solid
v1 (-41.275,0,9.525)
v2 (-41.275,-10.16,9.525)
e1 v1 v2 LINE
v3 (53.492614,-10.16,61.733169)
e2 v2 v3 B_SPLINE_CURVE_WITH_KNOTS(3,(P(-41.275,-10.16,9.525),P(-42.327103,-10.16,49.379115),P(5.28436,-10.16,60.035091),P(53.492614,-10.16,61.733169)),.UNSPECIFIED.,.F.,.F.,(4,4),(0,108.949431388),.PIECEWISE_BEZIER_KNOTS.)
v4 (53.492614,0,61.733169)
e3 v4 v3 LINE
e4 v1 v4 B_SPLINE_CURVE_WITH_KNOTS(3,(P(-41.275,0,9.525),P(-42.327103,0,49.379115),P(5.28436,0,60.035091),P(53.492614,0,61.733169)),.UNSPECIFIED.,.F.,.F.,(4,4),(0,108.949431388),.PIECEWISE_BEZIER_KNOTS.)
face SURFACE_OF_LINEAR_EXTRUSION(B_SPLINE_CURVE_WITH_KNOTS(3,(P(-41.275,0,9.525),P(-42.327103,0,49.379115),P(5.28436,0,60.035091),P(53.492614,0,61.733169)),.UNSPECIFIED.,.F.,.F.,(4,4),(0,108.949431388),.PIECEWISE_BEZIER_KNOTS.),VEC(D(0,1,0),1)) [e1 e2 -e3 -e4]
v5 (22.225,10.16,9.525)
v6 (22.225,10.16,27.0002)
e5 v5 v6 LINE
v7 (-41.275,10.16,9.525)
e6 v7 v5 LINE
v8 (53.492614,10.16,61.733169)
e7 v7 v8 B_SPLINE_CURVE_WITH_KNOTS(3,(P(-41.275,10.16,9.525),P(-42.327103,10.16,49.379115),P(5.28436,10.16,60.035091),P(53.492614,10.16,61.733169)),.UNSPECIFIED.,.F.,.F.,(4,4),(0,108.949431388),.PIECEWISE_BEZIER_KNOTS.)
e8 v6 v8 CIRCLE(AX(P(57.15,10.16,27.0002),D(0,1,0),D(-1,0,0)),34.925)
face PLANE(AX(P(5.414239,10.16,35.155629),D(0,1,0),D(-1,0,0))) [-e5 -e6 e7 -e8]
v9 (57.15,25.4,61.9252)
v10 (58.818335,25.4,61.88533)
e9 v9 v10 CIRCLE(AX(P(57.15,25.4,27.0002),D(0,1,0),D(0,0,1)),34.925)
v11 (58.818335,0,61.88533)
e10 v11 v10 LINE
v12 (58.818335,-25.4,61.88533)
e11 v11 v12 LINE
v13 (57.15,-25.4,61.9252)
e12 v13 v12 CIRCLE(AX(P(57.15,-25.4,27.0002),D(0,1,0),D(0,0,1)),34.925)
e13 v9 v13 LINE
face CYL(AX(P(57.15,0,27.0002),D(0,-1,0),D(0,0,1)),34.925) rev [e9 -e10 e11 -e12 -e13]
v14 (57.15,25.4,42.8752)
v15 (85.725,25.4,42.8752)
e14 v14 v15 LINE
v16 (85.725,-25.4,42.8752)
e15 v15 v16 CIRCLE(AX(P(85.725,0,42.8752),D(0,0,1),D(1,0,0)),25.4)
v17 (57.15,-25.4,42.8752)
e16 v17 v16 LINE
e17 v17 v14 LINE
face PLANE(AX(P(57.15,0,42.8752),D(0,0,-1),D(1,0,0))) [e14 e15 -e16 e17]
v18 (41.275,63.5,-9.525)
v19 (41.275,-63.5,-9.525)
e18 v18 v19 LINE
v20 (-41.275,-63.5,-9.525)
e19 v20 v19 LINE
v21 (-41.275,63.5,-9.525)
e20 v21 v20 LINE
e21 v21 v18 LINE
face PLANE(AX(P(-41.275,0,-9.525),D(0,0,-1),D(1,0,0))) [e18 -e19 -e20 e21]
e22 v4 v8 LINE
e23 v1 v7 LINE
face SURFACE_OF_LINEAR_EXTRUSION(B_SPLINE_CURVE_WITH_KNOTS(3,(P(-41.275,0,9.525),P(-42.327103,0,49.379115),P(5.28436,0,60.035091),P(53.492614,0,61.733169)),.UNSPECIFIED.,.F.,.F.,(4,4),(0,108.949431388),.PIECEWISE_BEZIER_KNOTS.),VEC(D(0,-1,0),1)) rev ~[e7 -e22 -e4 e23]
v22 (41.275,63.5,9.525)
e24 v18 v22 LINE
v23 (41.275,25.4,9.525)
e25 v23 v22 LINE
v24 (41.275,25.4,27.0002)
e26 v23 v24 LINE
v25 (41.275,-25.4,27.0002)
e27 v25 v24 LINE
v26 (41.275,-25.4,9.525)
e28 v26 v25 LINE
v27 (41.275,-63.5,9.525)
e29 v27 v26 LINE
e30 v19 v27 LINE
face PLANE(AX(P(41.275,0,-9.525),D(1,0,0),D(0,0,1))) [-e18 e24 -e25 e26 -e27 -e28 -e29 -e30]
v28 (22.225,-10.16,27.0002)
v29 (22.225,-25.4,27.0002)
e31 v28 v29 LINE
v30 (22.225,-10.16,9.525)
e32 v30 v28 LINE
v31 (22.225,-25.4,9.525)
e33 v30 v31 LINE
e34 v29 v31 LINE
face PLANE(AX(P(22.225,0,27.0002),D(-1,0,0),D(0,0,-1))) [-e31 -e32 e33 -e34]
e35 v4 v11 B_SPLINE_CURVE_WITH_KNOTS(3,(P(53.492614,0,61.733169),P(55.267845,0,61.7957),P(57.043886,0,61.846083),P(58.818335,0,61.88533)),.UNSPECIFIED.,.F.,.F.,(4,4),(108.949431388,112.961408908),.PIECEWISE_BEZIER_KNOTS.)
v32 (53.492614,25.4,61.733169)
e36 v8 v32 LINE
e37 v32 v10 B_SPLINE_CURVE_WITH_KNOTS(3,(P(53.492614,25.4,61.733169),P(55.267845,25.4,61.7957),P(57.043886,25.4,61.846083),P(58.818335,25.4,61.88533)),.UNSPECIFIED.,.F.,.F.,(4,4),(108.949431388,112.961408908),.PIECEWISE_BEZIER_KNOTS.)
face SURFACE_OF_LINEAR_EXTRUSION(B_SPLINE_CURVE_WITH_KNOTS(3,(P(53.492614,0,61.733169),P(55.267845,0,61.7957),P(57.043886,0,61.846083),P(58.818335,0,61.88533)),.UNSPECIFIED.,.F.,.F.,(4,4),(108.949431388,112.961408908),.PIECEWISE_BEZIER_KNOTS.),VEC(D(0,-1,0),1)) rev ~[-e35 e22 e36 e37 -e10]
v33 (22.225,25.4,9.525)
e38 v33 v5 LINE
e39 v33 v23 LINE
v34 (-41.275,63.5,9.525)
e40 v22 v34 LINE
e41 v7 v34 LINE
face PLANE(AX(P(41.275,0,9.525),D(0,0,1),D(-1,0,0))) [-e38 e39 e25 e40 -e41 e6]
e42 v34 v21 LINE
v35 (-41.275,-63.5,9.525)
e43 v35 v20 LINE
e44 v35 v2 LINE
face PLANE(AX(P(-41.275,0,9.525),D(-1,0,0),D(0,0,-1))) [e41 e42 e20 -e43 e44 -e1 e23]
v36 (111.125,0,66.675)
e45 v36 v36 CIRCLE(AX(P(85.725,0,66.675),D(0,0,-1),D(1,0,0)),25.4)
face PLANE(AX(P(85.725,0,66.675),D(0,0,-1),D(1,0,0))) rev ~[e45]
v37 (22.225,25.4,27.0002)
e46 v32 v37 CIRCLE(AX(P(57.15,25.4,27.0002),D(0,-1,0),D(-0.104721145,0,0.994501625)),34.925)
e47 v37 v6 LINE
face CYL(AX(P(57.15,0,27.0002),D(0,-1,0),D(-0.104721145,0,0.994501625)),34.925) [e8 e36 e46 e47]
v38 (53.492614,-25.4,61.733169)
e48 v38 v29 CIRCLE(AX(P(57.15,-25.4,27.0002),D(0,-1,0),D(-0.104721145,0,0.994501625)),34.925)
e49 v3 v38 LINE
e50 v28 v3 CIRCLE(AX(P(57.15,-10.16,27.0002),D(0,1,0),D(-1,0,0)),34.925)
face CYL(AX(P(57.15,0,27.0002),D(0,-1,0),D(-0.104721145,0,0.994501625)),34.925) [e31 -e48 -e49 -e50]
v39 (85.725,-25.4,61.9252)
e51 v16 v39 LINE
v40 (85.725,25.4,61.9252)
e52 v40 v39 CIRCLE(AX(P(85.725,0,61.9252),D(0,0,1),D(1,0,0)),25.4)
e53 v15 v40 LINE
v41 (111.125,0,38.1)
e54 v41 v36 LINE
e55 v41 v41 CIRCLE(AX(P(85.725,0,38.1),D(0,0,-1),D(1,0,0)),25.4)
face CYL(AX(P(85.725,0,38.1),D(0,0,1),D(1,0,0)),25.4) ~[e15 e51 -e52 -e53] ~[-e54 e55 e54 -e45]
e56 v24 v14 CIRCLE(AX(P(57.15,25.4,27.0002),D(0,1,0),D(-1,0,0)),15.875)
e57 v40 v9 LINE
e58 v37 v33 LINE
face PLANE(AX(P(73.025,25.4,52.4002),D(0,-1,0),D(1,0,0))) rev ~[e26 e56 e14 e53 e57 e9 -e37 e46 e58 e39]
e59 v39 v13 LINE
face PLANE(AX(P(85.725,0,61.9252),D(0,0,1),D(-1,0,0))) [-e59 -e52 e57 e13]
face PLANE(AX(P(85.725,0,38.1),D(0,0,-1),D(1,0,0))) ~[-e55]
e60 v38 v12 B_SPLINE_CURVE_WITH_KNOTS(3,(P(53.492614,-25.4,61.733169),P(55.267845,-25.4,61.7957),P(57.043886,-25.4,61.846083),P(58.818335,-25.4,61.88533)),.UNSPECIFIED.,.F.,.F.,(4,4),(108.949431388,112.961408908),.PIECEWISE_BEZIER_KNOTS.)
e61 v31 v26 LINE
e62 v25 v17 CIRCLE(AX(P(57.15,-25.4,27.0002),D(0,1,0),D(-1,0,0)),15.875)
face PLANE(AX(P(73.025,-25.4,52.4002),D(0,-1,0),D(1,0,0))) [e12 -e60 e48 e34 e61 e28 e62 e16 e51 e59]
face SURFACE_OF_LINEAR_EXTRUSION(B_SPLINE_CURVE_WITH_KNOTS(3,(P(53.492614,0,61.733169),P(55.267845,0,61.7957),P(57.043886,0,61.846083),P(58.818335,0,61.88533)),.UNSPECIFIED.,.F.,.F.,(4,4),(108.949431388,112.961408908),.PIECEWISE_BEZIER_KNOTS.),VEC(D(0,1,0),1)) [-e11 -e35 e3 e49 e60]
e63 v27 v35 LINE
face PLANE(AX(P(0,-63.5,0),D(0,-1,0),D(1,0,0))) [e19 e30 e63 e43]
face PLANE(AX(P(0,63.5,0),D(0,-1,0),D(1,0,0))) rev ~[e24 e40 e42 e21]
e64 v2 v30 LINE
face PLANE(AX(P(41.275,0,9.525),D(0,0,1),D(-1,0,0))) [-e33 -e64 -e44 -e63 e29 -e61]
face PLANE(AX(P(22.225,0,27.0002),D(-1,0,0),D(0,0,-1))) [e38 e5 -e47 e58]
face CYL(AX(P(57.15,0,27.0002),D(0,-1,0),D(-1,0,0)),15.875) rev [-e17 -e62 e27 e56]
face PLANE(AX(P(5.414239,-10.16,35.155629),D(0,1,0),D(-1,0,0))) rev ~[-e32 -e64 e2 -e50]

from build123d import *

# Parameters (mm, degrees)
F1_DEPTH = 63.5
F0_W     = 25.4
F0_H     = 19.05
F2_DEPTH = 25.4
F4_DEPTH = 10.16


with BuildPart() as f1:
    # F0 (on Front) → F1 (new body, symmetric)
    with BuildSketch(Plane.XZ):
        Polygon((22.225, 9.525), (-41.275, 9.525), (-41.275, -9.525), (41.275, -9.525), (41.275, 9.525), align=None)
    extrude(amount=F1_DEPTH, both=True)

    # F0 (on Front) → F2 (join, symmetric)
    with BuildSketch(Plane.XZ):
        with Locations((73.025, 52.4002)):
            Rectangle(F0_W, F0_H)
        with BuildLine():
            Line((22.225, 27.0002), (22.225, 9.525))
            Line((22.225, 9.525), (41.275, 9.525))
            Line((41.275, 9.525), (41.275, 27.0002))
            ThreePointArc((41.275, 27.0002), (45.9246798487, 38.2255201513), (57.15, 42.8752))
            Line((57.15, 42.8752), (60.325, 42.8752))
            Line((60.325, 42.8752), (60.325, 61.9252))
            Line((60.325, 61.9252), (57.15, 61.9252))
            ThreePointArc((57.15, 61.9252), (57.9844058032, 61.9152310319), (58.8183352619, 61.8853298185))
            add(Edge.make_bspline(
                [(53.4926140261, 61.7331692488), (55.2678452384, 61.7956996578), (57.0438857135, 61.8460829523), (58.8183352619, 61.8853298185)],
                knots=[108.9494313883, 108.9494313883, 108.9494313883, 108.9494313883, 112.9614089083, 112.9614089083, 112.9614089083, 112.9614089083], degree=3))
            ThreePointArc((53.4926140261, 61.7331692488), (31.1934032456, 50.3670720613), (22.225, 27.0002))
        make_face()
    extrude(amount=F2_DEPTH, both=True)

    # F0 (on Front) → F3 (revolve)
    with BuildSketch(Plane.XZ):
        Polygon((85.725, 66.675), (85.725, 61.9252), (85.725, 42.8752), (85.725, 38.1), (111.125, 38.1), (111.125, 66.675), align=None)
    revolve(axis=Axis((85.725, 0, 52.3875), (0, 0, -1)))

    # F0 (on Front) → F4 (join, symmetric)
    with BuildSketch(Plane.XZ):
        with BuildLine():
            add(Edge.make_bspline(
                [(-41.275, 9.525), (-42.3271025426, 49.3791151261), (5.2843600658, 60.0350908151), (53.4926140261, 61.7331692488)],
                knots=[0, 0, 0, 0, 108.9494313883, 108.9494313883, 108.9494313883, 108.9494313883], degree=3))
            Line((-41.275, 9.525), (22.225, 9.525))
            Line((22.225, 9.525), (22.225, 27.0002))
            ThreePointArc((22.225, 27.0002), (31.1934032456, 50.3670720613), (53.4926140261, 61.7331692488))
        make_face()
    extrude(amount=F4_DEPTH, both=True)


solid = f1.part
